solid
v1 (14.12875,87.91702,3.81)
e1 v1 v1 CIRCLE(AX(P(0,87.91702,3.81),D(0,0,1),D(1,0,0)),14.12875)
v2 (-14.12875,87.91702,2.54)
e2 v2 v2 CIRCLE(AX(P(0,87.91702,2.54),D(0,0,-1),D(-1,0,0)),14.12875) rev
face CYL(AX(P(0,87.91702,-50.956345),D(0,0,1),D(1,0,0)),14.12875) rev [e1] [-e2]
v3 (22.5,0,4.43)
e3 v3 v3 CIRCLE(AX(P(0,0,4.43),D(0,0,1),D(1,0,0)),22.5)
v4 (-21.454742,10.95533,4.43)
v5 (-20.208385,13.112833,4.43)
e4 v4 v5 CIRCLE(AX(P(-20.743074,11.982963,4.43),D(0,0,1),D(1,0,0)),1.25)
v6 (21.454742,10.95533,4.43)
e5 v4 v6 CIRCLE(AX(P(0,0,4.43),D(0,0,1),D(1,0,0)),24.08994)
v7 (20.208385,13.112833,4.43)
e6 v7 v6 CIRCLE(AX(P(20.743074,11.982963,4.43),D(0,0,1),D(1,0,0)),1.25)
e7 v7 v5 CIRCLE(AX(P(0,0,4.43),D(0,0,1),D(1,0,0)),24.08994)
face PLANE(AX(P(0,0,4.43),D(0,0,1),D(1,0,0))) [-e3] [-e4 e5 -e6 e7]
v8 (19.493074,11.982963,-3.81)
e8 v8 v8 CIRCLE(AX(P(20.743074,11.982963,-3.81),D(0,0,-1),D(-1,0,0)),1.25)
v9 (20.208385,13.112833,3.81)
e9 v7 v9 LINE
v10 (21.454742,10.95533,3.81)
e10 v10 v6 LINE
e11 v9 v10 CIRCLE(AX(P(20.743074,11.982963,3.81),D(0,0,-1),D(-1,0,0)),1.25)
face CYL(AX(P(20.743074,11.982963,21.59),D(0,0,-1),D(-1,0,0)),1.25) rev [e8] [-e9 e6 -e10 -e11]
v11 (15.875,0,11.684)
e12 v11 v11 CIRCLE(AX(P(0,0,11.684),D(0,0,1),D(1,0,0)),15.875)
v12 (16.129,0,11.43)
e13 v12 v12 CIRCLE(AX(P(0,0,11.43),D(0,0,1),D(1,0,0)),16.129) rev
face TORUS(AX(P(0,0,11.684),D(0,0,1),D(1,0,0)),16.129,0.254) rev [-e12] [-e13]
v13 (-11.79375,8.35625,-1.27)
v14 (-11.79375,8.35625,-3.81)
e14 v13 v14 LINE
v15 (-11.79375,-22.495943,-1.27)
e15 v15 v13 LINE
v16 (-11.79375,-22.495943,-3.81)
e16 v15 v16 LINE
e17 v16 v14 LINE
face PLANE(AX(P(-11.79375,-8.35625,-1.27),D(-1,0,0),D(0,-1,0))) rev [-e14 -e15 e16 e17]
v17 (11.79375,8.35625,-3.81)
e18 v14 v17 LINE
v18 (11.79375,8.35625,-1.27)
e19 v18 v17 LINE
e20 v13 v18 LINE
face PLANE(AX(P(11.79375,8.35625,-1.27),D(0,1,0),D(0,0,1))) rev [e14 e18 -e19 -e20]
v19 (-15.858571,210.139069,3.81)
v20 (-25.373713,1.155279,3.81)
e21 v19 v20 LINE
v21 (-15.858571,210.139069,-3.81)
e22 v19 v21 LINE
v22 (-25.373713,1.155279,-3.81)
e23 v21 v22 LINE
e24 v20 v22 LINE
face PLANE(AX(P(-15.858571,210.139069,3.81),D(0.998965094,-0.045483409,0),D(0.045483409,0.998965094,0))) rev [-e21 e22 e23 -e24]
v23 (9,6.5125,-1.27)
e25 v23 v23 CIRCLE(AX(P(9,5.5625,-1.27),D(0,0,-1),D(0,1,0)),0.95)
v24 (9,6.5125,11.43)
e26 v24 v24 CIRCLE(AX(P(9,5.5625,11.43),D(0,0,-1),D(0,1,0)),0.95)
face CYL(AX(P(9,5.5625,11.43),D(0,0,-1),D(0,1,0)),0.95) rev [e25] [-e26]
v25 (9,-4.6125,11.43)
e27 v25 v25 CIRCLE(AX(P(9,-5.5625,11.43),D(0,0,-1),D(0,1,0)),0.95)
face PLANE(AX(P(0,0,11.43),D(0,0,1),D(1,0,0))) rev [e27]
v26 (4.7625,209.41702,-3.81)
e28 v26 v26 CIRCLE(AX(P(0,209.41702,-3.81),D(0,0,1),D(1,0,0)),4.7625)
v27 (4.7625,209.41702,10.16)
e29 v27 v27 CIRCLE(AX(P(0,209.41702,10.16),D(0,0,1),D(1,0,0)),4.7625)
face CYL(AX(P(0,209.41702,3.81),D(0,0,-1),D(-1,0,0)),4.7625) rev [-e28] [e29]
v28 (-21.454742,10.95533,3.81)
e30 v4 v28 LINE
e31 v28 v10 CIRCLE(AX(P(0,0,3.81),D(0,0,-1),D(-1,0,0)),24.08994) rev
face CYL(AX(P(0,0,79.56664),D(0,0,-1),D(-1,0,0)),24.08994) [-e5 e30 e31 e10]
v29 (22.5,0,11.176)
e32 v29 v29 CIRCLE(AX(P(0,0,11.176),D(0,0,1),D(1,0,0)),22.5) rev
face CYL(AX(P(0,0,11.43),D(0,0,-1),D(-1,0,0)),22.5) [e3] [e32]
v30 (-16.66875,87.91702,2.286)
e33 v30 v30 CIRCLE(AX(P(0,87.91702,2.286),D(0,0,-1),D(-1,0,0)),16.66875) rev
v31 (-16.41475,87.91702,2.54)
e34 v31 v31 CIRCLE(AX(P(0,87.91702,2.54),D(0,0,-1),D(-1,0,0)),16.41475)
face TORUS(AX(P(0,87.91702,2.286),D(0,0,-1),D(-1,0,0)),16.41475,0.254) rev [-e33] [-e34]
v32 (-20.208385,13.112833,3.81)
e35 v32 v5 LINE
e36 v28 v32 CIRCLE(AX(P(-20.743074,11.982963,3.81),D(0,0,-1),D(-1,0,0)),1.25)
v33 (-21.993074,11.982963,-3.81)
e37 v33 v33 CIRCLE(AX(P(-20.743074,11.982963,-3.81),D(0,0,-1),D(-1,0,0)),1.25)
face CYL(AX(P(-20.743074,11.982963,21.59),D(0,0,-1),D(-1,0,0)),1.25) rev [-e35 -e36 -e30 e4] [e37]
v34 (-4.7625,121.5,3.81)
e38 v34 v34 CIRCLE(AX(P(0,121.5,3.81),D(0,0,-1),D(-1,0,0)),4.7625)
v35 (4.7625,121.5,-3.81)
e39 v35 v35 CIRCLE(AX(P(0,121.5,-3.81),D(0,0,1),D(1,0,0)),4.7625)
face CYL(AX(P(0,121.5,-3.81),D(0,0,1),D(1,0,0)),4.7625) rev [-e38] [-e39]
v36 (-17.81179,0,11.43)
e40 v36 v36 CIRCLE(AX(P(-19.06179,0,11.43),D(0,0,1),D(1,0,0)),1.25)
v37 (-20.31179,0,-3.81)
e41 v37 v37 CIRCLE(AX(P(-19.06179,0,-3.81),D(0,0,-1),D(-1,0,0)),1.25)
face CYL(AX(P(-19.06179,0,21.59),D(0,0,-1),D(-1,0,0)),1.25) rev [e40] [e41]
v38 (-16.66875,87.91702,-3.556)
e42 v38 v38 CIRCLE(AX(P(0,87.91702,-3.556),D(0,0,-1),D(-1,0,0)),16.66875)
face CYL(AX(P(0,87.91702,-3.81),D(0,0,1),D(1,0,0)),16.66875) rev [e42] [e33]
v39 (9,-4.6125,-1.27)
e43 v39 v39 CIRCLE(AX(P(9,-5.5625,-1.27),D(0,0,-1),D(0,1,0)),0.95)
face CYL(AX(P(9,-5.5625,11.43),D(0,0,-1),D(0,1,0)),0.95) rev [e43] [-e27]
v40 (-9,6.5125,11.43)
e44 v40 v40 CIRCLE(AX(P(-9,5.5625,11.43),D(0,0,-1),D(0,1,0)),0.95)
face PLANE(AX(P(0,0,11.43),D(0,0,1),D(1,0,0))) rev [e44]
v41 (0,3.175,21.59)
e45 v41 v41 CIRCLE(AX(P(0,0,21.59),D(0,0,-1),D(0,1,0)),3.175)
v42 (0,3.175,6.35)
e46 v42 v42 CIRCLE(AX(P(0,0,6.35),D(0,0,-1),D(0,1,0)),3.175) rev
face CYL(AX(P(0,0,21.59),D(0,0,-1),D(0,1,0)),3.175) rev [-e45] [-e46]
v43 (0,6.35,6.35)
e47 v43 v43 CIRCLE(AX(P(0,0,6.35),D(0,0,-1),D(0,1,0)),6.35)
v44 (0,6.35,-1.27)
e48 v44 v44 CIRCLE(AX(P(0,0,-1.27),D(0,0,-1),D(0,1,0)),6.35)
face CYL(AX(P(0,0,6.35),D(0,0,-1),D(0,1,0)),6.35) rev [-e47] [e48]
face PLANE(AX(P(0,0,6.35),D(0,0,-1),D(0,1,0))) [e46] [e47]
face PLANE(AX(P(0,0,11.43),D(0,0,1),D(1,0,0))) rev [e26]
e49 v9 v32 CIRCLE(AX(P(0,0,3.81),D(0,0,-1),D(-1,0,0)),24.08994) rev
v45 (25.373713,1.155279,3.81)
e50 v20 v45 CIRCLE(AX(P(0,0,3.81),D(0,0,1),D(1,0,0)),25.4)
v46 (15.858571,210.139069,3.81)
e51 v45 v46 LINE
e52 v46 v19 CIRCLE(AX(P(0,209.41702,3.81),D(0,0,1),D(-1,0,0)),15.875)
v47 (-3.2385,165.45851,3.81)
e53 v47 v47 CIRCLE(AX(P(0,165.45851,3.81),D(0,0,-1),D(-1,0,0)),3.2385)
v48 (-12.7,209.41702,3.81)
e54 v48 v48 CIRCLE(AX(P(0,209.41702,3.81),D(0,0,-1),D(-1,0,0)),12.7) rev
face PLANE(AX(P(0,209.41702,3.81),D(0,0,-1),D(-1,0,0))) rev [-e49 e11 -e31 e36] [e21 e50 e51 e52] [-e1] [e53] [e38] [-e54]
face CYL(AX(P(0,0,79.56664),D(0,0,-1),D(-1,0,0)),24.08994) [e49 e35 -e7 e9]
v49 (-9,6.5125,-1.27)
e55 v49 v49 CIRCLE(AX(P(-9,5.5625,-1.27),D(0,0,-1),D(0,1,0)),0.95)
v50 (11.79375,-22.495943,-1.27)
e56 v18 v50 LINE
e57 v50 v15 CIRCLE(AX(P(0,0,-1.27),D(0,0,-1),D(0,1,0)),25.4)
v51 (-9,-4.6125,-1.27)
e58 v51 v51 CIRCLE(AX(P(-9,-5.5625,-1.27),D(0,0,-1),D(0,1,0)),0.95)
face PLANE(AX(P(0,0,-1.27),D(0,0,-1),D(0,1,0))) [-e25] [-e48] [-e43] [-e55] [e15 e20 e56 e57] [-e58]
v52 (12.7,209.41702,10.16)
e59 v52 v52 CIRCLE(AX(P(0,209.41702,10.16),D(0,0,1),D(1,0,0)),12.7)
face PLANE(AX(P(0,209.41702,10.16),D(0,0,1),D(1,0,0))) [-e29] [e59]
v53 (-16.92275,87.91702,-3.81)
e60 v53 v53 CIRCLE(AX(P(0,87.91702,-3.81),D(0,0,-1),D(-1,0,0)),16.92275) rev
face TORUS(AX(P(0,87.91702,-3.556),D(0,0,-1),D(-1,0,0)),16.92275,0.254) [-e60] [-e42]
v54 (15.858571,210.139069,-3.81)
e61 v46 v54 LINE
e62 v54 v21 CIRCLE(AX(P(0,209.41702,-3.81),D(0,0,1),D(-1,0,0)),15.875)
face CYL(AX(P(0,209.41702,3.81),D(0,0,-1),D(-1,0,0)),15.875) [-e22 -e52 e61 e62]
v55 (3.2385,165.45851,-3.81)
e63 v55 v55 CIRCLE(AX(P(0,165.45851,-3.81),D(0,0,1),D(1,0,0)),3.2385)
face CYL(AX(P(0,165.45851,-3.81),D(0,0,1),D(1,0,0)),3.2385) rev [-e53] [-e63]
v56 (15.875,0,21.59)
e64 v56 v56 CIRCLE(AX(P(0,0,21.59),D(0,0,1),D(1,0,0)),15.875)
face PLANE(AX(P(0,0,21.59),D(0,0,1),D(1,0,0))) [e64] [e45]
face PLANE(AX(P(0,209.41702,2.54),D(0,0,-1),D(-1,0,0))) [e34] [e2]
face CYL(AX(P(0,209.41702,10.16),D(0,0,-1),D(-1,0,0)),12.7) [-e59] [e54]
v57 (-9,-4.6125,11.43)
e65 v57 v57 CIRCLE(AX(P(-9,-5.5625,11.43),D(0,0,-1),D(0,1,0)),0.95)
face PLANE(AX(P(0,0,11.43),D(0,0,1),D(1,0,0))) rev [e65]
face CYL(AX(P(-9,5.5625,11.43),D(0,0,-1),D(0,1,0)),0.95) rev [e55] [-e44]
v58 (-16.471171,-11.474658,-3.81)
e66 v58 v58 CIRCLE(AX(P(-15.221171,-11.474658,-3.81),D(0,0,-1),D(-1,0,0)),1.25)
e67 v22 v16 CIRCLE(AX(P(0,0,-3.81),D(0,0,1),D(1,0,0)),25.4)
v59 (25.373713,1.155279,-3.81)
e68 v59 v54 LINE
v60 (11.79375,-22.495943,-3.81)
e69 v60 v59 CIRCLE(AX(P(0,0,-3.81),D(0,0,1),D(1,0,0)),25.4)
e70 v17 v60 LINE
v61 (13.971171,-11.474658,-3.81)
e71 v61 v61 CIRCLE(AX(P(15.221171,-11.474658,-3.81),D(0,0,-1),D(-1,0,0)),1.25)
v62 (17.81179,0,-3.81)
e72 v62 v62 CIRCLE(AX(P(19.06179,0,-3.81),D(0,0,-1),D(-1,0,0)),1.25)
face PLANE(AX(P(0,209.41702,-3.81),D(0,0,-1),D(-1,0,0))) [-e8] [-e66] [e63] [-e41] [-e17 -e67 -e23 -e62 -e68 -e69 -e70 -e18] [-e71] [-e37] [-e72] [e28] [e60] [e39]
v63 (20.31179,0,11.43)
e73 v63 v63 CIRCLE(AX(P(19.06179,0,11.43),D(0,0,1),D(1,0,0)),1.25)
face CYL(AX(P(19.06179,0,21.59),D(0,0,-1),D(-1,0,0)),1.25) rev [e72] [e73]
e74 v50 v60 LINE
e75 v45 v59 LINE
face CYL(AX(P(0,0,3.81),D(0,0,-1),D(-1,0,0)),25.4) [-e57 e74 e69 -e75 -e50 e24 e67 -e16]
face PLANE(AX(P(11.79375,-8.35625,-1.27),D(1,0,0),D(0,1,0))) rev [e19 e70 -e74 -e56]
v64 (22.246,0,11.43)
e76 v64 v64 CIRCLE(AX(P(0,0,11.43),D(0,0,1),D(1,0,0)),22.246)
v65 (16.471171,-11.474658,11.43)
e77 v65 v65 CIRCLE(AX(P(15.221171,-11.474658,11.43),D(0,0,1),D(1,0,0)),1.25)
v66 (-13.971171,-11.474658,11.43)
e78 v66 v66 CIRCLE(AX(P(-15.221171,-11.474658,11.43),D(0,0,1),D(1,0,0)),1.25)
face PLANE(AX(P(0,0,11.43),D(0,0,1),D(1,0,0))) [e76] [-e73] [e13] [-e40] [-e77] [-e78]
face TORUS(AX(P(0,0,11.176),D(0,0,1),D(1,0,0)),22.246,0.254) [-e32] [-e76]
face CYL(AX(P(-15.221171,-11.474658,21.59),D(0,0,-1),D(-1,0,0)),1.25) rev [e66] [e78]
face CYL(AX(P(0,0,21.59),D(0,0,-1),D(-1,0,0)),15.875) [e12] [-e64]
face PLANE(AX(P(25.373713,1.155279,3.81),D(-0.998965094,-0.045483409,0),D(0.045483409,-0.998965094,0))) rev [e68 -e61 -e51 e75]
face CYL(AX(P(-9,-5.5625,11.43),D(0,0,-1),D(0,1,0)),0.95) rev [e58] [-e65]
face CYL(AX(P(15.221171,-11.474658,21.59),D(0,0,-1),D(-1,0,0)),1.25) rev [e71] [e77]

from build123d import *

# Parameters (mm, degrees)
SKETCH1_R               = 4.7625
BOSS_EXTRUDE1_DEPTH     = 3.81
SKETCH2_R               = 22.5
BOSS_EXTRUDE2_DEPTH     = 7.62
SKETCH3_R               = 24.08993992
BOSS_EXTRUDE3_DEPTH     = 0.62
SKETCH4_R               = 16.66875
SKETCH4_R_2             = 4.7625
CUT_EXTRUDE1_DEPTH      = 8.62
CUT_EXTRUDE1_DEPTH_BACK = 8.62
SKETCH6_R               = 16.66875
SKETCH6_R_2             = 14.12875
BOSS_EXTRUDE4_DEPTH     = 1.27
CUT_EXTRUDE2_DEPTH      = 2.54
SKETCH8_R               = 0.95
CUT_EXTRUDE3_DEPTH      = 13.7
SKETCH9_R               = 12.7
SKETCH9_R_2             = 4.7625
BOSS_EXTRUDE5_DEPTH     = 6.35
SKETCH10_R              = 15.875
BOSS_EXTRUDE6_DEPTH     = 10.16
SKETCH11_R              = 1.25
CUT_EXTRUDE4_DEPTH      = 1
CUT_EXTRUDE4_DEPTH_BACK = 26.4
SKETCH12_R              = 3.2385
CUT_EXTRUDE5_DEPTH      = 18.78
CUT_EXTRUDE5_DEPTH_BACK = 8.62
SKETCH14_R              = 3.175
CUT_EXTRUDE6_DEPTH      = 23.86
SKETCH15_R              = 6.35
CUT_EXTRUDE7_DEPTH      = 7.62
FILLET1_R               = 0.254


with BuildPart() as part:
    # Sketch1 → Boss-Extrude1 (new body, symmetric)
    with BuildSketch(Plane.XY):
        with BuildLine():
            Line((25.373713394, 1.155278592), (15.858570871, 210.139069198))
            ThreePointArc((15.858570871, 210.139069198), (0, 225.292020078), (-15.858570871, 210.139069198))
            Line((-15.858570871, 210.139069198), (-25.373713394, 1.155278592))
            ThreePointArc((-25.373713394, 1.155278592), (0, -25.4), (25.373713394, 1.155278592))
        make_face()
        with Locations((0, 209.417020078)):
            Circle(SKETCH1_R, mode=Mode.SUBTRACT)
    extrude(amount=BOSS_EXTRUDE1_DEPTH, both=True)

    # Sketch2 → Boss-Extrude2 (add)
    with BuildSketch(Plane.XY.offset(3.81)):
        Circle(SKETCH2_R)
    extrude(amount=BOSS_EXTRUDE2_DEPTH)

    # Sketch3 → Boss-Extrude3 (add)
    with BuildSketch(Plane.XY.offset(3.81)):
        Circle(SKETCH3_R)
    extrude(amount=BOSS_EXTRUDE3_DEPTH)

    # Sketch4 → Cut-Extrude1 (cut, two sides)
    with BuildSketch(Plane.XY.offset(3.81)) as cut_extrude1_sk:
        with Locations((0, 87.91702)):
            Circle(SKETCH4_R)
        with Locations((0, 121.500000078)):
            Circle(SKETCH4_R_2)
    extrude(amount=CUT_EXTRUDE1_DEPTH, mode=Mode.SUBTRACT)
    extrude(cut_extrude1_sk.sketch, amount=-CUT_EXTRUDE1_DEPTH_BACK, mode=Mode.SUBTRACT)

    # Sketch6 → Boss-Extrude4 (add)
    with BuildSketch(Plane.XY.offset(3.81)):
        with Locations((0, 87.91702)):
            Circle(SKETCH6_R)
        with Locations((0, 87.91702)):
            Circle(SKETCH6_R_2, mode=Mode.SUBTRACT)
    extrude(amount=-BOSS_EXTRUDE4_DEPTH)

    # Sketch7 → Cut-Extrude2 (cut)
    with BuildSketch(Plane(origin=(0, 0, -3.81), x_dir=(-1, 0, 0), z_dir=(0, 0, -1))):
        with BuildLine():
            Line((-11.79375, -8.35625), (-11.79375, 8.35625))
            Line((-11.79375, 8.35625), (11.79375, 8.35625))
            Line((11.79375, 8.35625), (11.79375, -8.35625))
            Line((11.79375, -8.35625), (11.79375, -22.495943211))
            ThreePointArc((11.79375, -22.495943211), (0, -25.4), (-11.79375, -22.495943211))
            Line((-11.79375, -22.495943211), (-11.79375, -8.35625))
        make_face()
    extrude(amount=-CUT_EXTRUDE2_DEPTH, mode=Mode.SUBTRACT)

    # Sketch8 → Cut-Extrude3 (cut, through all)
    with BuildSketch(Plane(origin=(0, 0, -1.27), x_dir=(-1, 0, 0), z_dir=(0, 0, -1))):
        with Locations((9, -5.5625)):
            Circle(SKETCH8_R)
        with Locations((-9, -5.5625)):
            Circle(SKETCH8_R)
        with Locations((-9, 5.5625)):
            Circle(SKETCH8_R)
        with Locations((9, 5.5625)):
            Circle(SKETCH8_R)
    extrude(amount=-CUT_EXTRUDE3_DEPTH, mode=Mode.SUBTRACT)

    # Sketch9 → Boss-Extrude5 (add)
    with BuildSketch(Plane.XY.offset(3.81)):
        with Locations((0, 209.417020078)):
            Circle(SKETCH9_R)
        with Locations((0, 209.417020078)):
            Circle(SKETCH9_R_2, mode=Mode.SUBTRACT)
    extrude(amount=BOSS_EXTRUDE5_DEPTH)

    # Sketch10 → Boss-Extrude6 (add)
    with BuildSketch(Plane.XY.offset(11.43)):
        Circle(SKETCH10_R)
    extrude(amount=BOSS_EXTRUDE6_DEPTH)

    # Sketch11 → Cut-Extrude4 (cut, two sides)
    with BuildSketch(Plane(origin=(0, 0, -3.81), x_dir=(-1, 0, 0), z_dir=(0, 0, -1))) as cut_extrude4_sk:
        with Locations((-20.743073922, 11.982962866)):
            Circle(SKETCH11_R)
        with Locations((-19.061789704, 0)):
            Circle(SKETCH11_R)
        with Locations((-15.221171432, -11.474657597)):
            Circle(SKETCH11_R)
        with Locations((15.221171432, -11.474657597)):
            Circle(SKETCH11_R)
        with Locations((19.061789704, 0)):
            Circle(SKETCH11_R)
        with Locations((20.743073922, 11.982962866)):
            Circle(SKETCH11_R)
    extrude(amount=CUT_EXTRUDE4_DEPTH, mode=Mode.SUBTRACT)
    extrude(cut_extrude4_sk.sketch, amount=-CUT_EXTRUDE4_DEPTH_BACK, mode=Mode.SUBTRACT)

    # Sketch12 → Cut-Extrude5 (cut, two sides)
    with BuildSketch(Plane.XY.offset(3.81)) as cut_extrude5_sk:
        with Locations((0, 165.458510078)):
            Circle(SKETCH12_R)
    extrude(amount=CUT_EXTRUDE5_DEPTH, mode=Mode.SUBTRACT)
    extrude(cut_extrude5_sk.sketch, amount=-CUT_EXTRUDE5_DEPTH_BACK, mode=Mode.SUBTRACT)

    # Sketch14 → Cut-Extrude6 (cut, through all)
    with BuildSketch(Plane(origin=(0, 0, -1.27), x_dir=(-1, 0, 0), z_dir=(0, 0, -1))):
        Circle(SKETCH14_R)
    extrude(amount=-CUT_EXTRUDE6_DEPTH, mode=Mode.SUBTRACT)

    # Sketch15 → Cut-Extrude7 (cut)
    with BuildSketch(Plane(origin=(0, 0, -1.27), x_dir=(-1, 0, 0), z_dir=(0, 0, -1))):
        Circle(SKETCH15_R)
    extrude(amount=-CUT_EXTRUDE7_DEPTH, mode=Mode.SUBTRACT)

    # Fillet1
    fillet1_edges = [part.edges().sort_by_distance(p)[0] for p in [
        (-22.5, 0, 11.43),
        (-16.66875, 87.91702, -3.81),
        (-16.66875, 87.91702, 2.54),
        (-15.875, 0, 11.43),
    ]]
    fillet(fillet1_edges, radius=FILLET1_R)


solid = part.part
